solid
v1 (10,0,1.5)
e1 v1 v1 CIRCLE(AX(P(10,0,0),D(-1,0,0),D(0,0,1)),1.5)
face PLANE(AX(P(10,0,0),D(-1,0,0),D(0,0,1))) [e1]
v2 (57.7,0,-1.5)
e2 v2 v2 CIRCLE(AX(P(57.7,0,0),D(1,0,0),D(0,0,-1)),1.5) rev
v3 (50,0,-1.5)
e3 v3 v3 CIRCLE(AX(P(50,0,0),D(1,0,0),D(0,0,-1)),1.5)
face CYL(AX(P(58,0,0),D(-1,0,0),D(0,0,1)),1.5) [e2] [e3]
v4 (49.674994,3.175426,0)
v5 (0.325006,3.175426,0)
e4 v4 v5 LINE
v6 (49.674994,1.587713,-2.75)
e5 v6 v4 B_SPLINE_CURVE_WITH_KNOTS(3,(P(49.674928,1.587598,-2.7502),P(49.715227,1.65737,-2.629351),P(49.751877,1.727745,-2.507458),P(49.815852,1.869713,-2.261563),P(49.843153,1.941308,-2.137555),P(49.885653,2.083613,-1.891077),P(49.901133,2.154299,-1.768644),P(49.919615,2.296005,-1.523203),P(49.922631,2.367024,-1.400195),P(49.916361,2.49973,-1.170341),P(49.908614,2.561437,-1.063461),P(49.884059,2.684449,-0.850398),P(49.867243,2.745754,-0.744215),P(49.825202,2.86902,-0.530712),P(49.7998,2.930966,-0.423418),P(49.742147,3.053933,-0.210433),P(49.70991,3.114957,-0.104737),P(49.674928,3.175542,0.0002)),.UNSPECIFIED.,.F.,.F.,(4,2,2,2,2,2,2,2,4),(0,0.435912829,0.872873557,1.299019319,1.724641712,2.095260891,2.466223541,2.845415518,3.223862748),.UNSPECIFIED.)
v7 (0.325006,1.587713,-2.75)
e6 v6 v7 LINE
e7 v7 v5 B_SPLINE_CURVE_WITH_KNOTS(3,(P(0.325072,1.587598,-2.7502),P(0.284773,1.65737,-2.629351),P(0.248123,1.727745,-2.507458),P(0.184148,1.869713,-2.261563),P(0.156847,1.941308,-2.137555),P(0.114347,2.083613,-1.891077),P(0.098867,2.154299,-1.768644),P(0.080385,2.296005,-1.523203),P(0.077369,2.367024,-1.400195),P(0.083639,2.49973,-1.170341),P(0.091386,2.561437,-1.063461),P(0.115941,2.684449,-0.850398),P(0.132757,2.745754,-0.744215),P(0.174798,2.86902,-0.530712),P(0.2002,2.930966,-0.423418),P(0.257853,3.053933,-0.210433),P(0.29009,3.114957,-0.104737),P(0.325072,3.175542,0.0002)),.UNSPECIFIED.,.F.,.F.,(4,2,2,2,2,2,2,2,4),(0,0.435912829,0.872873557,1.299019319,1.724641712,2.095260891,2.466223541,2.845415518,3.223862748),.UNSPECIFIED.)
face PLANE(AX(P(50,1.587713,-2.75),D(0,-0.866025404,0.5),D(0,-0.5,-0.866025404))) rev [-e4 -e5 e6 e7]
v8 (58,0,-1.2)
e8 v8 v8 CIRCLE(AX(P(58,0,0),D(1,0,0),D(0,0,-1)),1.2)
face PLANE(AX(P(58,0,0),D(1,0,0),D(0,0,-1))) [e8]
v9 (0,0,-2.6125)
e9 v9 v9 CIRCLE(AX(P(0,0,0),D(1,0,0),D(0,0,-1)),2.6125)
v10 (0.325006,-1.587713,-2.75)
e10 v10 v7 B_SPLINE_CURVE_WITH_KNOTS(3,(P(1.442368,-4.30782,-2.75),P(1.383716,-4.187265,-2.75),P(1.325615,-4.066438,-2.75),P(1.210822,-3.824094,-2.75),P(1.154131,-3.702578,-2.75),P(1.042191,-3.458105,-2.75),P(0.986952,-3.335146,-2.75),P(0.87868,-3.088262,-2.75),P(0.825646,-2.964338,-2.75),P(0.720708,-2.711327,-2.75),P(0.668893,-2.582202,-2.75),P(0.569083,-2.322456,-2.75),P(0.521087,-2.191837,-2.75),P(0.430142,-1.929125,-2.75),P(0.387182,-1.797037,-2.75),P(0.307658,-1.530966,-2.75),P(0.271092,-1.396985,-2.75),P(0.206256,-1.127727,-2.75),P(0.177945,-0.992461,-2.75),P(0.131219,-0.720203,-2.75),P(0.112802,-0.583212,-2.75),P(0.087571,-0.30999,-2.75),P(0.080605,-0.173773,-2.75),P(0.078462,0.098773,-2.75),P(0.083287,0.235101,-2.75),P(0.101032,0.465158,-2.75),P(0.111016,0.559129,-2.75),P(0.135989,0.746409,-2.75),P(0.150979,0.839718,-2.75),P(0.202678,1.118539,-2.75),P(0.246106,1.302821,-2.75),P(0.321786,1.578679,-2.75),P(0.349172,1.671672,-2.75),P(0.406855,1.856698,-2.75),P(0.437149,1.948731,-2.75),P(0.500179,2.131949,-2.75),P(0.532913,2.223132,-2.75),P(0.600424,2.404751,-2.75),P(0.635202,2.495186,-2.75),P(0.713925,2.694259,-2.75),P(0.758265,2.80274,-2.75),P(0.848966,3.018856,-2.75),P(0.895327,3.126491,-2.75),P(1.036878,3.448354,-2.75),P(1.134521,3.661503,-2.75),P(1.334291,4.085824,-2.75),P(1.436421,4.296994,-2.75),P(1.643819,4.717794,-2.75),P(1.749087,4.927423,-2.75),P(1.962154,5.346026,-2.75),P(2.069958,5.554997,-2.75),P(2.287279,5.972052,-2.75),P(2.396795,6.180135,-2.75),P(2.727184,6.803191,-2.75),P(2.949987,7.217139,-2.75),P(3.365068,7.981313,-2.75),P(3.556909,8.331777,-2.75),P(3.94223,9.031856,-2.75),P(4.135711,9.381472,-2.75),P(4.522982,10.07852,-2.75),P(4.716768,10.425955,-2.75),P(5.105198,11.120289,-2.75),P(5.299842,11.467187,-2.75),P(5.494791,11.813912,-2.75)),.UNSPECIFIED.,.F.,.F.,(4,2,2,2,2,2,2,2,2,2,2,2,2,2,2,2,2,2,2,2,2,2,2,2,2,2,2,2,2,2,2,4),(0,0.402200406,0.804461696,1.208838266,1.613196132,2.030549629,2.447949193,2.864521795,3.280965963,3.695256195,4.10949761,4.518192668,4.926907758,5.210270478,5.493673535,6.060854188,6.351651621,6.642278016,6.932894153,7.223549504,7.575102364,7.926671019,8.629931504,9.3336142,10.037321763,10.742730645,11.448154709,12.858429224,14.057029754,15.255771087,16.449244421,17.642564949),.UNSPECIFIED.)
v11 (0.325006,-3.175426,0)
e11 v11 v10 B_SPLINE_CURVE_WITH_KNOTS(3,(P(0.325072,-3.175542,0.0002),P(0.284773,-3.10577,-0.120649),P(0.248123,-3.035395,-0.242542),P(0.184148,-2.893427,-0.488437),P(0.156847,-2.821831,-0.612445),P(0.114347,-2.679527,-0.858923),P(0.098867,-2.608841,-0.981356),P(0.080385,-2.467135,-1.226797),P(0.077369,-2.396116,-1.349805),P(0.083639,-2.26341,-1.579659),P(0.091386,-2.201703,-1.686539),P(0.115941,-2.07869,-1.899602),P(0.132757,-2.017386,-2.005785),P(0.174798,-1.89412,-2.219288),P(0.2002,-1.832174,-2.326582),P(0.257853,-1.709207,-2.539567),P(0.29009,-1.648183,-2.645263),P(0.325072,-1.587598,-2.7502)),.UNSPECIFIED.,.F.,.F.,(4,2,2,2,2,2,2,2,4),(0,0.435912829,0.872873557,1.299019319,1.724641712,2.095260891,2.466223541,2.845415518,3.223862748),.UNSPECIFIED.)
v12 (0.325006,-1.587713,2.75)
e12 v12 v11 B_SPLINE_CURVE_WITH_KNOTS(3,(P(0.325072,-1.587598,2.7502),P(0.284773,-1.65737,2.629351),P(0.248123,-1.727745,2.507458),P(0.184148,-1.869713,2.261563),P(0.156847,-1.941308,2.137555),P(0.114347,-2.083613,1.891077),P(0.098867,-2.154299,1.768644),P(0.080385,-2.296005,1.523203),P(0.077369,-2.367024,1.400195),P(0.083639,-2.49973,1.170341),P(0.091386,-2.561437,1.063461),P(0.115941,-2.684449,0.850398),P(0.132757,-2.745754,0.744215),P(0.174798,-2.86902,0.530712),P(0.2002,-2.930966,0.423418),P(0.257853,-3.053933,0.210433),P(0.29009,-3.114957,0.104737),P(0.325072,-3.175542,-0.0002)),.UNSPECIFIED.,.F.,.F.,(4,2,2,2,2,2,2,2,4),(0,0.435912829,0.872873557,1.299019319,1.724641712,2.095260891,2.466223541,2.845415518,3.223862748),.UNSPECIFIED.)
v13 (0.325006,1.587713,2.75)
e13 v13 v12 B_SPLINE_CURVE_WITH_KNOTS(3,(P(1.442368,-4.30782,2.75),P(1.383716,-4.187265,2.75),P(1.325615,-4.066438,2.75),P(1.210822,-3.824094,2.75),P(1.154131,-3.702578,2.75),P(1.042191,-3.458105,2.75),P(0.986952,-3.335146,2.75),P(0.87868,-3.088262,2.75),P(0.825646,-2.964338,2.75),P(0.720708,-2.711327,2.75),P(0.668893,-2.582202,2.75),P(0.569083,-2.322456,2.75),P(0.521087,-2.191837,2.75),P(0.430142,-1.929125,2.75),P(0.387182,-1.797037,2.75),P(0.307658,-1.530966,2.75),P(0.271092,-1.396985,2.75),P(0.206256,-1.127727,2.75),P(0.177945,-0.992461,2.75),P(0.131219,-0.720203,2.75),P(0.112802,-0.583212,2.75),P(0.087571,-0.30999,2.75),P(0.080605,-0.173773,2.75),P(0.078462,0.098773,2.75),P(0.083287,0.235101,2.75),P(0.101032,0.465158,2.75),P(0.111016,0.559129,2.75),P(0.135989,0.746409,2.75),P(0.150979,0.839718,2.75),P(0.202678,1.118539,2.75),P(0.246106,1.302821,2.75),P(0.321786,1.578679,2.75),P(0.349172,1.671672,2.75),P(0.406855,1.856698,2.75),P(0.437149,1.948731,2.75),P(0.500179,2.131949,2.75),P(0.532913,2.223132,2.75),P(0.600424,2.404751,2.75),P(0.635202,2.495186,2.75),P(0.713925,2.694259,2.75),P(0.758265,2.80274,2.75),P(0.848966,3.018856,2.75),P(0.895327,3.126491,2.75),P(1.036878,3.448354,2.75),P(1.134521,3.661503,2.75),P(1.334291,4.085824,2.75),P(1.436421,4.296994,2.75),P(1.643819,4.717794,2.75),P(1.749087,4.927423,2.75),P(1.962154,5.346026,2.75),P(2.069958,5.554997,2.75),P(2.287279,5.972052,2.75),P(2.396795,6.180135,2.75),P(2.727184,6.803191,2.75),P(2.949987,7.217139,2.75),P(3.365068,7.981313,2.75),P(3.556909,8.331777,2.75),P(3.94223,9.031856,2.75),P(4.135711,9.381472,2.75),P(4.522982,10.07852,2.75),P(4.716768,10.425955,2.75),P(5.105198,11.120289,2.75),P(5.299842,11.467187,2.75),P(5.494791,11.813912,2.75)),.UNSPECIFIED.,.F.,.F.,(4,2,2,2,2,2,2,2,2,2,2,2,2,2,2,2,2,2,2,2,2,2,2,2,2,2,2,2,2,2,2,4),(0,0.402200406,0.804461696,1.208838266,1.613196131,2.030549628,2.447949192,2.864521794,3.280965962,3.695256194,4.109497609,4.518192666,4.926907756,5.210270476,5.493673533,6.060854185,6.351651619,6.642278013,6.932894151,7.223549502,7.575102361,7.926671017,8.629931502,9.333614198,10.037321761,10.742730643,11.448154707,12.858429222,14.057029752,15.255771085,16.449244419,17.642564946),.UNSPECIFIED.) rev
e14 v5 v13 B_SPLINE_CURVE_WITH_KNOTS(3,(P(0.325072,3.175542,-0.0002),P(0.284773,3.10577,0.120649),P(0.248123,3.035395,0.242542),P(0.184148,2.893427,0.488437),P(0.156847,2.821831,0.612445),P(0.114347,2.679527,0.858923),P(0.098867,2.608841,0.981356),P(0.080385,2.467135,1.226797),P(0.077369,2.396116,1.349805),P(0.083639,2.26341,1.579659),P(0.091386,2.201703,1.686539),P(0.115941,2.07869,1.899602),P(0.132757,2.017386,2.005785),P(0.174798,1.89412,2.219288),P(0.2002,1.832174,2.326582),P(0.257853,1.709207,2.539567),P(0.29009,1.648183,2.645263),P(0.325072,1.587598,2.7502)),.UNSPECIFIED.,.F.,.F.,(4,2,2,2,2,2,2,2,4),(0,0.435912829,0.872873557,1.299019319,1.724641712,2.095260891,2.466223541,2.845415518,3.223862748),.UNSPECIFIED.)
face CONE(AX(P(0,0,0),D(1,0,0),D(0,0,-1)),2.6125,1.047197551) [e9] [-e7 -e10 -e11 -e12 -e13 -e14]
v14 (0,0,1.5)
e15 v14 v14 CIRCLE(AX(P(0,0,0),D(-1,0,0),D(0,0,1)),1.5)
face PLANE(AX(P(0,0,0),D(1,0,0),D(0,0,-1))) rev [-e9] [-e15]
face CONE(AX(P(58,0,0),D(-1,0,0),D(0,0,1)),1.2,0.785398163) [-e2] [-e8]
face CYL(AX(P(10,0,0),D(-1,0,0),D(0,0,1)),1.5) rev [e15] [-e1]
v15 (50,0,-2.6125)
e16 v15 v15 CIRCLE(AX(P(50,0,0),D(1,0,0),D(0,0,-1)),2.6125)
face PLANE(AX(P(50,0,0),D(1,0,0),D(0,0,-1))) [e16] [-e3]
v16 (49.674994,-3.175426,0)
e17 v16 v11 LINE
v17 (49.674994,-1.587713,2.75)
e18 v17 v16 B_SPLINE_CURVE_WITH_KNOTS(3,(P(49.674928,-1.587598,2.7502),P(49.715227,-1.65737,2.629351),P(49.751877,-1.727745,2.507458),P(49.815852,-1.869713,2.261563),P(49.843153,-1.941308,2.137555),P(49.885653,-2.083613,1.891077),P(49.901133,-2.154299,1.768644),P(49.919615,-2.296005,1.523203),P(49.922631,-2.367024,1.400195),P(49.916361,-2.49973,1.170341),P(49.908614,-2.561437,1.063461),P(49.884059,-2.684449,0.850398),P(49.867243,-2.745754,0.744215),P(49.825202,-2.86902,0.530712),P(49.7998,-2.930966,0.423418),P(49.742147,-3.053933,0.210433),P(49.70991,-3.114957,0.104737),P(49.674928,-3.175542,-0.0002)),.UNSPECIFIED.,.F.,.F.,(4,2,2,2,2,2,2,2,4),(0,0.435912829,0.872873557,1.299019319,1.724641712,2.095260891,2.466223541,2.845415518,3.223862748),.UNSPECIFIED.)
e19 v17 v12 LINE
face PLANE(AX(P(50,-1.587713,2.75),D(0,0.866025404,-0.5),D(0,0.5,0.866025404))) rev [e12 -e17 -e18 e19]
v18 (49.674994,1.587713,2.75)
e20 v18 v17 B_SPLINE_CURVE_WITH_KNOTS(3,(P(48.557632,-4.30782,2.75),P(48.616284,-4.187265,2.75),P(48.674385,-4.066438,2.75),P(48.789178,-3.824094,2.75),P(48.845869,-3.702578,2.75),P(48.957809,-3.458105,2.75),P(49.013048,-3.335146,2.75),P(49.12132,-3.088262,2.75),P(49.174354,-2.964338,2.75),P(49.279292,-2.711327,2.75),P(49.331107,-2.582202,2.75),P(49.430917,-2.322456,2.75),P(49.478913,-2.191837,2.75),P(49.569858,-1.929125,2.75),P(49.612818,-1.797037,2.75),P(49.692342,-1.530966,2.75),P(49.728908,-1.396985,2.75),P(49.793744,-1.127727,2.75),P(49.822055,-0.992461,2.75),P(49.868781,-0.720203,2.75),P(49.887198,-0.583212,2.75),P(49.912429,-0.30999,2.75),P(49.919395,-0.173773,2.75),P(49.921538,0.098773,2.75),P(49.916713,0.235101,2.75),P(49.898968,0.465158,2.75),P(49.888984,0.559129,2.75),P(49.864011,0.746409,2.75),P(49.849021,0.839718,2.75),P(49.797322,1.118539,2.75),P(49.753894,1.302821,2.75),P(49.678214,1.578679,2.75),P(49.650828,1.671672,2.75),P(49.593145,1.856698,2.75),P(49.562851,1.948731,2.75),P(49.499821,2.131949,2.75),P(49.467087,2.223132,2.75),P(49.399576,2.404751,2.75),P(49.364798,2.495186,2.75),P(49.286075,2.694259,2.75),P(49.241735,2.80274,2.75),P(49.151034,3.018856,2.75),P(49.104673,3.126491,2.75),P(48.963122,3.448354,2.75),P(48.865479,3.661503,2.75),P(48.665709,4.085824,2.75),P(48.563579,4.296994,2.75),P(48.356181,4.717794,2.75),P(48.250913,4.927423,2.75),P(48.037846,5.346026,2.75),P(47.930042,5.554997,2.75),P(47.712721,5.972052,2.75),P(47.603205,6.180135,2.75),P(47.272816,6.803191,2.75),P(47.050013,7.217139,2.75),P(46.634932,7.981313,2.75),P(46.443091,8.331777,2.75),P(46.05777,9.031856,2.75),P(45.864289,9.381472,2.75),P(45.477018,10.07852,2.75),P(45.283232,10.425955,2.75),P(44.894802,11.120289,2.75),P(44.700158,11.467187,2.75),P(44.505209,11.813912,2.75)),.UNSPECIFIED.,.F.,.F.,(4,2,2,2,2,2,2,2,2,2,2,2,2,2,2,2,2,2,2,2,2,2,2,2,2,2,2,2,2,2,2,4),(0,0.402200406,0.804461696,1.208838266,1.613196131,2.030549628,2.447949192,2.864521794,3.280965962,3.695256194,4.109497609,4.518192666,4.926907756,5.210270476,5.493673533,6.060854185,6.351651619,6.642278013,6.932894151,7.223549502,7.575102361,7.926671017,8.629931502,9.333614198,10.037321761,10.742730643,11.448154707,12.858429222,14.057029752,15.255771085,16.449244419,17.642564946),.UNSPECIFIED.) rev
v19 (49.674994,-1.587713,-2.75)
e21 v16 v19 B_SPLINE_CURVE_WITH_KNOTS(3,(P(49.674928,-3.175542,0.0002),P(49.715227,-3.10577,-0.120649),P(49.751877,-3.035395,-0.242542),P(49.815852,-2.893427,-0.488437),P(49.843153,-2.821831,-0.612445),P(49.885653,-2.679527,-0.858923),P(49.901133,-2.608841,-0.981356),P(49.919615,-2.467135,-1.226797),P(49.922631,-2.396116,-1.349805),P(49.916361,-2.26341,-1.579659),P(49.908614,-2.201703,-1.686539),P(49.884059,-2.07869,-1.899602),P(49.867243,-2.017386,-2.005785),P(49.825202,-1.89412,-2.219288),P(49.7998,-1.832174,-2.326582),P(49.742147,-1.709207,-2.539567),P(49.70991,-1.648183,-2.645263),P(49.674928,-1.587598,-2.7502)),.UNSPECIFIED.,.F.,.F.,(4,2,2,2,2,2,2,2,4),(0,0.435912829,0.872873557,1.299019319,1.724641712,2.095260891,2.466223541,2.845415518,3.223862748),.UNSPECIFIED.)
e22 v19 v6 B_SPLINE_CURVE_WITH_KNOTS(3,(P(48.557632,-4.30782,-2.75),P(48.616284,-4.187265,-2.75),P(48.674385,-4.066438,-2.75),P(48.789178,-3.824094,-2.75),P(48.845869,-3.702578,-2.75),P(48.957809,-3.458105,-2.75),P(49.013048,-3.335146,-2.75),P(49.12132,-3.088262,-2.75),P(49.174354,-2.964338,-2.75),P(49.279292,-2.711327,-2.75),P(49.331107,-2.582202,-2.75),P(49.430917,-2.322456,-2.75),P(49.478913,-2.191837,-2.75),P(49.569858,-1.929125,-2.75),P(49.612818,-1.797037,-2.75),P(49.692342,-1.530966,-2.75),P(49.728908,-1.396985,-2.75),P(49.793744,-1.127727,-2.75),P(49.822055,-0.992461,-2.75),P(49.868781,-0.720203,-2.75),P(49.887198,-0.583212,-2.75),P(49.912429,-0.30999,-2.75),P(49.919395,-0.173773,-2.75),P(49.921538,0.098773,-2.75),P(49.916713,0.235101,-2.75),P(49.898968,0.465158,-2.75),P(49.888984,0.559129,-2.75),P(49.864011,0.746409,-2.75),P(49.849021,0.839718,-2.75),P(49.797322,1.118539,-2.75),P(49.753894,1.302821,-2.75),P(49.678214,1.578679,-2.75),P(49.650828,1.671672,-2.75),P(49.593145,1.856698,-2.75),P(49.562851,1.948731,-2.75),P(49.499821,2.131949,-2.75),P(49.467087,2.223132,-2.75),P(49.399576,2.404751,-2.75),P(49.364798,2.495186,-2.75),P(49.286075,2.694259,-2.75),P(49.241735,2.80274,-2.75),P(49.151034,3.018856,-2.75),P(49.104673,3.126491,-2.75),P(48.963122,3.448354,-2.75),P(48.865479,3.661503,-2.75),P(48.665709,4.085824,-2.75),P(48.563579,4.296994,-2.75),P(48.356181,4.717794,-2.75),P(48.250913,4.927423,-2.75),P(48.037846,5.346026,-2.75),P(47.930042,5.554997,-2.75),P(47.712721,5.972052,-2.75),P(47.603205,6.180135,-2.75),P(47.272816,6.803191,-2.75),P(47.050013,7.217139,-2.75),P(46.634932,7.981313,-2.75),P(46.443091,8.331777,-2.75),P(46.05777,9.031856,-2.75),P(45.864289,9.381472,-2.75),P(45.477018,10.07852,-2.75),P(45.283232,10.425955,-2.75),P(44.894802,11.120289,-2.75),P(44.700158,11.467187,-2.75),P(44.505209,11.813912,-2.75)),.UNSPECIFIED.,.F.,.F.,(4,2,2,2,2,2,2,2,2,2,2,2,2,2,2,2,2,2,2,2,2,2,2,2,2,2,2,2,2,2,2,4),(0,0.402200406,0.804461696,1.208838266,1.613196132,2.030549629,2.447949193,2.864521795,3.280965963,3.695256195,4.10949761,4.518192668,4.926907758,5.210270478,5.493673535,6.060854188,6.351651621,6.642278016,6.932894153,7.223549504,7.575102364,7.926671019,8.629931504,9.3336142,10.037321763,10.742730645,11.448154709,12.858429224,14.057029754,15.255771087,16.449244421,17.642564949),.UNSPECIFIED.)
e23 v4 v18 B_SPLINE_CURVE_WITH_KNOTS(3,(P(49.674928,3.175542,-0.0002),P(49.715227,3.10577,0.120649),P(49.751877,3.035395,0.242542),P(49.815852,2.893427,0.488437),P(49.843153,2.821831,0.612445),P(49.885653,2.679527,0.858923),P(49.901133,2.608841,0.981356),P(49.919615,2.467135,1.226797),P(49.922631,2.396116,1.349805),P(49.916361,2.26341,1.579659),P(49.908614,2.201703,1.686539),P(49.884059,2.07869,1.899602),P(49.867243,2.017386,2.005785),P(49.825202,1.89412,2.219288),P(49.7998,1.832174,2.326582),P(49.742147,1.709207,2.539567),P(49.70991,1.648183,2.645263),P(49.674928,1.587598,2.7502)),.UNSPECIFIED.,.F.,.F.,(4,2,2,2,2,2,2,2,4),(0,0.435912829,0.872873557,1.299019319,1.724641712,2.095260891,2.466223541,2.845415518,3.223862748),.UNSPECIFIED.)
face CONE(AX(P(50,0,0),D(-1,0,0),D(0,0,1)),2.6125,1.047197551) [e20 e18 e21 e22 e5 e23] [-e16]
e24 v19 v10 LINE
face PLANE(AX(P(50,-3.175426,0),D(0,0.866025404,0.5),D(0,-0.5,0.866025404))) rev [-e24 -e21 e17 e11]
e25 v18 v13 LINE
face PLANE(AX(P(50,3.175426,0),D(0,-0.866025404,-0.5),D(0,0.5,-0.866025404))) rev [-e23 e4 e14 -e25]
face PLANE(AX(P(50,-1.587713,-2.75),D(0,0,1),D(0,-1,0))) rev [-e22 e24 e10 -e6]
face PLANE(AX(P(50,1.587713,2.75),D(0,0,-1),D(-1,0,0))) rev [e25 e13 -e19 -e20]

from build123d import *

# Parameters (mm, degrees)
BOSS_EXTRUDE1_DEPTH = 50
SKETCH2_R           = 1.5
BOSS_EXTRUDE2_DEPTH = 8
SKETCH3_R           = 1.5
CUT_EXTRUDE1_DEPTH  = 10
CHAMFER1_SIZE       = 0.3


with BuildPart() as part:
    # Sketch1 → Boss-Extrude1 (new body)
    with BuildSketch(Plane(origin=(0, 0, 0), x_dir=(0, 0, -1), z_dir=(1, 0, 0))):
        Polygon((0, 3.175426481), (-2.75, 1.58771324), (-2.75, -1.58771324), (0, -3.175426481), (2.75, -1.58771324), (2.75, 1.58771324), align=None)
    extrude(amount=BOSS_EXTRUDE1_DEPTH)

    # Sketch2 → Boss-Extrude2 (add)
    with BuildSketch(Plane(origin=(50, 0, 0), x_dir=(0, 0, -1), z_dir=(1, 0, 0))):
        Circle(SKETCH2_R)
    extrude(amount=BOSS_EXTRUDE2_DEPTH)

    # Sketch3 → Cut-Extrude1 (cut)
    with BuildSketch(Plane.ZY):
        Circle(SKETCH3_R)
    extrude(amount=-CUT_EXTRUDE1_DEPTH, mode=Mode.SUBTRACT)

    # Sketch4 → Cut-Revolve1 (revolve, cut)
    with BuildSketch(Plane(origin=(0, 0, 0), x_dir=(1, 0, 0), z_dir=(0, 1, 0))):
        Polygon((0, 10.219809024), (4.392081913, 10.219809024), (0, 2.6125), align=None)
        Polygon((50, 2.6125), (50, 10.219809024), (45.607918087, 10.219809024), align=None)
    revolve(axis=Axis((0, 0, 0), (-1, 0, 0)), mode=Mode.SUBTRACT)

    # Chamfer1
    chamfer1_edges = [part.edges().sort_by_distance(p)[0] for p in [
        (58, 0, 1.5),
    ]]
    chamfer(chamfer1_edges, length=CHAMFER1_SIZE)


solid = part.part
